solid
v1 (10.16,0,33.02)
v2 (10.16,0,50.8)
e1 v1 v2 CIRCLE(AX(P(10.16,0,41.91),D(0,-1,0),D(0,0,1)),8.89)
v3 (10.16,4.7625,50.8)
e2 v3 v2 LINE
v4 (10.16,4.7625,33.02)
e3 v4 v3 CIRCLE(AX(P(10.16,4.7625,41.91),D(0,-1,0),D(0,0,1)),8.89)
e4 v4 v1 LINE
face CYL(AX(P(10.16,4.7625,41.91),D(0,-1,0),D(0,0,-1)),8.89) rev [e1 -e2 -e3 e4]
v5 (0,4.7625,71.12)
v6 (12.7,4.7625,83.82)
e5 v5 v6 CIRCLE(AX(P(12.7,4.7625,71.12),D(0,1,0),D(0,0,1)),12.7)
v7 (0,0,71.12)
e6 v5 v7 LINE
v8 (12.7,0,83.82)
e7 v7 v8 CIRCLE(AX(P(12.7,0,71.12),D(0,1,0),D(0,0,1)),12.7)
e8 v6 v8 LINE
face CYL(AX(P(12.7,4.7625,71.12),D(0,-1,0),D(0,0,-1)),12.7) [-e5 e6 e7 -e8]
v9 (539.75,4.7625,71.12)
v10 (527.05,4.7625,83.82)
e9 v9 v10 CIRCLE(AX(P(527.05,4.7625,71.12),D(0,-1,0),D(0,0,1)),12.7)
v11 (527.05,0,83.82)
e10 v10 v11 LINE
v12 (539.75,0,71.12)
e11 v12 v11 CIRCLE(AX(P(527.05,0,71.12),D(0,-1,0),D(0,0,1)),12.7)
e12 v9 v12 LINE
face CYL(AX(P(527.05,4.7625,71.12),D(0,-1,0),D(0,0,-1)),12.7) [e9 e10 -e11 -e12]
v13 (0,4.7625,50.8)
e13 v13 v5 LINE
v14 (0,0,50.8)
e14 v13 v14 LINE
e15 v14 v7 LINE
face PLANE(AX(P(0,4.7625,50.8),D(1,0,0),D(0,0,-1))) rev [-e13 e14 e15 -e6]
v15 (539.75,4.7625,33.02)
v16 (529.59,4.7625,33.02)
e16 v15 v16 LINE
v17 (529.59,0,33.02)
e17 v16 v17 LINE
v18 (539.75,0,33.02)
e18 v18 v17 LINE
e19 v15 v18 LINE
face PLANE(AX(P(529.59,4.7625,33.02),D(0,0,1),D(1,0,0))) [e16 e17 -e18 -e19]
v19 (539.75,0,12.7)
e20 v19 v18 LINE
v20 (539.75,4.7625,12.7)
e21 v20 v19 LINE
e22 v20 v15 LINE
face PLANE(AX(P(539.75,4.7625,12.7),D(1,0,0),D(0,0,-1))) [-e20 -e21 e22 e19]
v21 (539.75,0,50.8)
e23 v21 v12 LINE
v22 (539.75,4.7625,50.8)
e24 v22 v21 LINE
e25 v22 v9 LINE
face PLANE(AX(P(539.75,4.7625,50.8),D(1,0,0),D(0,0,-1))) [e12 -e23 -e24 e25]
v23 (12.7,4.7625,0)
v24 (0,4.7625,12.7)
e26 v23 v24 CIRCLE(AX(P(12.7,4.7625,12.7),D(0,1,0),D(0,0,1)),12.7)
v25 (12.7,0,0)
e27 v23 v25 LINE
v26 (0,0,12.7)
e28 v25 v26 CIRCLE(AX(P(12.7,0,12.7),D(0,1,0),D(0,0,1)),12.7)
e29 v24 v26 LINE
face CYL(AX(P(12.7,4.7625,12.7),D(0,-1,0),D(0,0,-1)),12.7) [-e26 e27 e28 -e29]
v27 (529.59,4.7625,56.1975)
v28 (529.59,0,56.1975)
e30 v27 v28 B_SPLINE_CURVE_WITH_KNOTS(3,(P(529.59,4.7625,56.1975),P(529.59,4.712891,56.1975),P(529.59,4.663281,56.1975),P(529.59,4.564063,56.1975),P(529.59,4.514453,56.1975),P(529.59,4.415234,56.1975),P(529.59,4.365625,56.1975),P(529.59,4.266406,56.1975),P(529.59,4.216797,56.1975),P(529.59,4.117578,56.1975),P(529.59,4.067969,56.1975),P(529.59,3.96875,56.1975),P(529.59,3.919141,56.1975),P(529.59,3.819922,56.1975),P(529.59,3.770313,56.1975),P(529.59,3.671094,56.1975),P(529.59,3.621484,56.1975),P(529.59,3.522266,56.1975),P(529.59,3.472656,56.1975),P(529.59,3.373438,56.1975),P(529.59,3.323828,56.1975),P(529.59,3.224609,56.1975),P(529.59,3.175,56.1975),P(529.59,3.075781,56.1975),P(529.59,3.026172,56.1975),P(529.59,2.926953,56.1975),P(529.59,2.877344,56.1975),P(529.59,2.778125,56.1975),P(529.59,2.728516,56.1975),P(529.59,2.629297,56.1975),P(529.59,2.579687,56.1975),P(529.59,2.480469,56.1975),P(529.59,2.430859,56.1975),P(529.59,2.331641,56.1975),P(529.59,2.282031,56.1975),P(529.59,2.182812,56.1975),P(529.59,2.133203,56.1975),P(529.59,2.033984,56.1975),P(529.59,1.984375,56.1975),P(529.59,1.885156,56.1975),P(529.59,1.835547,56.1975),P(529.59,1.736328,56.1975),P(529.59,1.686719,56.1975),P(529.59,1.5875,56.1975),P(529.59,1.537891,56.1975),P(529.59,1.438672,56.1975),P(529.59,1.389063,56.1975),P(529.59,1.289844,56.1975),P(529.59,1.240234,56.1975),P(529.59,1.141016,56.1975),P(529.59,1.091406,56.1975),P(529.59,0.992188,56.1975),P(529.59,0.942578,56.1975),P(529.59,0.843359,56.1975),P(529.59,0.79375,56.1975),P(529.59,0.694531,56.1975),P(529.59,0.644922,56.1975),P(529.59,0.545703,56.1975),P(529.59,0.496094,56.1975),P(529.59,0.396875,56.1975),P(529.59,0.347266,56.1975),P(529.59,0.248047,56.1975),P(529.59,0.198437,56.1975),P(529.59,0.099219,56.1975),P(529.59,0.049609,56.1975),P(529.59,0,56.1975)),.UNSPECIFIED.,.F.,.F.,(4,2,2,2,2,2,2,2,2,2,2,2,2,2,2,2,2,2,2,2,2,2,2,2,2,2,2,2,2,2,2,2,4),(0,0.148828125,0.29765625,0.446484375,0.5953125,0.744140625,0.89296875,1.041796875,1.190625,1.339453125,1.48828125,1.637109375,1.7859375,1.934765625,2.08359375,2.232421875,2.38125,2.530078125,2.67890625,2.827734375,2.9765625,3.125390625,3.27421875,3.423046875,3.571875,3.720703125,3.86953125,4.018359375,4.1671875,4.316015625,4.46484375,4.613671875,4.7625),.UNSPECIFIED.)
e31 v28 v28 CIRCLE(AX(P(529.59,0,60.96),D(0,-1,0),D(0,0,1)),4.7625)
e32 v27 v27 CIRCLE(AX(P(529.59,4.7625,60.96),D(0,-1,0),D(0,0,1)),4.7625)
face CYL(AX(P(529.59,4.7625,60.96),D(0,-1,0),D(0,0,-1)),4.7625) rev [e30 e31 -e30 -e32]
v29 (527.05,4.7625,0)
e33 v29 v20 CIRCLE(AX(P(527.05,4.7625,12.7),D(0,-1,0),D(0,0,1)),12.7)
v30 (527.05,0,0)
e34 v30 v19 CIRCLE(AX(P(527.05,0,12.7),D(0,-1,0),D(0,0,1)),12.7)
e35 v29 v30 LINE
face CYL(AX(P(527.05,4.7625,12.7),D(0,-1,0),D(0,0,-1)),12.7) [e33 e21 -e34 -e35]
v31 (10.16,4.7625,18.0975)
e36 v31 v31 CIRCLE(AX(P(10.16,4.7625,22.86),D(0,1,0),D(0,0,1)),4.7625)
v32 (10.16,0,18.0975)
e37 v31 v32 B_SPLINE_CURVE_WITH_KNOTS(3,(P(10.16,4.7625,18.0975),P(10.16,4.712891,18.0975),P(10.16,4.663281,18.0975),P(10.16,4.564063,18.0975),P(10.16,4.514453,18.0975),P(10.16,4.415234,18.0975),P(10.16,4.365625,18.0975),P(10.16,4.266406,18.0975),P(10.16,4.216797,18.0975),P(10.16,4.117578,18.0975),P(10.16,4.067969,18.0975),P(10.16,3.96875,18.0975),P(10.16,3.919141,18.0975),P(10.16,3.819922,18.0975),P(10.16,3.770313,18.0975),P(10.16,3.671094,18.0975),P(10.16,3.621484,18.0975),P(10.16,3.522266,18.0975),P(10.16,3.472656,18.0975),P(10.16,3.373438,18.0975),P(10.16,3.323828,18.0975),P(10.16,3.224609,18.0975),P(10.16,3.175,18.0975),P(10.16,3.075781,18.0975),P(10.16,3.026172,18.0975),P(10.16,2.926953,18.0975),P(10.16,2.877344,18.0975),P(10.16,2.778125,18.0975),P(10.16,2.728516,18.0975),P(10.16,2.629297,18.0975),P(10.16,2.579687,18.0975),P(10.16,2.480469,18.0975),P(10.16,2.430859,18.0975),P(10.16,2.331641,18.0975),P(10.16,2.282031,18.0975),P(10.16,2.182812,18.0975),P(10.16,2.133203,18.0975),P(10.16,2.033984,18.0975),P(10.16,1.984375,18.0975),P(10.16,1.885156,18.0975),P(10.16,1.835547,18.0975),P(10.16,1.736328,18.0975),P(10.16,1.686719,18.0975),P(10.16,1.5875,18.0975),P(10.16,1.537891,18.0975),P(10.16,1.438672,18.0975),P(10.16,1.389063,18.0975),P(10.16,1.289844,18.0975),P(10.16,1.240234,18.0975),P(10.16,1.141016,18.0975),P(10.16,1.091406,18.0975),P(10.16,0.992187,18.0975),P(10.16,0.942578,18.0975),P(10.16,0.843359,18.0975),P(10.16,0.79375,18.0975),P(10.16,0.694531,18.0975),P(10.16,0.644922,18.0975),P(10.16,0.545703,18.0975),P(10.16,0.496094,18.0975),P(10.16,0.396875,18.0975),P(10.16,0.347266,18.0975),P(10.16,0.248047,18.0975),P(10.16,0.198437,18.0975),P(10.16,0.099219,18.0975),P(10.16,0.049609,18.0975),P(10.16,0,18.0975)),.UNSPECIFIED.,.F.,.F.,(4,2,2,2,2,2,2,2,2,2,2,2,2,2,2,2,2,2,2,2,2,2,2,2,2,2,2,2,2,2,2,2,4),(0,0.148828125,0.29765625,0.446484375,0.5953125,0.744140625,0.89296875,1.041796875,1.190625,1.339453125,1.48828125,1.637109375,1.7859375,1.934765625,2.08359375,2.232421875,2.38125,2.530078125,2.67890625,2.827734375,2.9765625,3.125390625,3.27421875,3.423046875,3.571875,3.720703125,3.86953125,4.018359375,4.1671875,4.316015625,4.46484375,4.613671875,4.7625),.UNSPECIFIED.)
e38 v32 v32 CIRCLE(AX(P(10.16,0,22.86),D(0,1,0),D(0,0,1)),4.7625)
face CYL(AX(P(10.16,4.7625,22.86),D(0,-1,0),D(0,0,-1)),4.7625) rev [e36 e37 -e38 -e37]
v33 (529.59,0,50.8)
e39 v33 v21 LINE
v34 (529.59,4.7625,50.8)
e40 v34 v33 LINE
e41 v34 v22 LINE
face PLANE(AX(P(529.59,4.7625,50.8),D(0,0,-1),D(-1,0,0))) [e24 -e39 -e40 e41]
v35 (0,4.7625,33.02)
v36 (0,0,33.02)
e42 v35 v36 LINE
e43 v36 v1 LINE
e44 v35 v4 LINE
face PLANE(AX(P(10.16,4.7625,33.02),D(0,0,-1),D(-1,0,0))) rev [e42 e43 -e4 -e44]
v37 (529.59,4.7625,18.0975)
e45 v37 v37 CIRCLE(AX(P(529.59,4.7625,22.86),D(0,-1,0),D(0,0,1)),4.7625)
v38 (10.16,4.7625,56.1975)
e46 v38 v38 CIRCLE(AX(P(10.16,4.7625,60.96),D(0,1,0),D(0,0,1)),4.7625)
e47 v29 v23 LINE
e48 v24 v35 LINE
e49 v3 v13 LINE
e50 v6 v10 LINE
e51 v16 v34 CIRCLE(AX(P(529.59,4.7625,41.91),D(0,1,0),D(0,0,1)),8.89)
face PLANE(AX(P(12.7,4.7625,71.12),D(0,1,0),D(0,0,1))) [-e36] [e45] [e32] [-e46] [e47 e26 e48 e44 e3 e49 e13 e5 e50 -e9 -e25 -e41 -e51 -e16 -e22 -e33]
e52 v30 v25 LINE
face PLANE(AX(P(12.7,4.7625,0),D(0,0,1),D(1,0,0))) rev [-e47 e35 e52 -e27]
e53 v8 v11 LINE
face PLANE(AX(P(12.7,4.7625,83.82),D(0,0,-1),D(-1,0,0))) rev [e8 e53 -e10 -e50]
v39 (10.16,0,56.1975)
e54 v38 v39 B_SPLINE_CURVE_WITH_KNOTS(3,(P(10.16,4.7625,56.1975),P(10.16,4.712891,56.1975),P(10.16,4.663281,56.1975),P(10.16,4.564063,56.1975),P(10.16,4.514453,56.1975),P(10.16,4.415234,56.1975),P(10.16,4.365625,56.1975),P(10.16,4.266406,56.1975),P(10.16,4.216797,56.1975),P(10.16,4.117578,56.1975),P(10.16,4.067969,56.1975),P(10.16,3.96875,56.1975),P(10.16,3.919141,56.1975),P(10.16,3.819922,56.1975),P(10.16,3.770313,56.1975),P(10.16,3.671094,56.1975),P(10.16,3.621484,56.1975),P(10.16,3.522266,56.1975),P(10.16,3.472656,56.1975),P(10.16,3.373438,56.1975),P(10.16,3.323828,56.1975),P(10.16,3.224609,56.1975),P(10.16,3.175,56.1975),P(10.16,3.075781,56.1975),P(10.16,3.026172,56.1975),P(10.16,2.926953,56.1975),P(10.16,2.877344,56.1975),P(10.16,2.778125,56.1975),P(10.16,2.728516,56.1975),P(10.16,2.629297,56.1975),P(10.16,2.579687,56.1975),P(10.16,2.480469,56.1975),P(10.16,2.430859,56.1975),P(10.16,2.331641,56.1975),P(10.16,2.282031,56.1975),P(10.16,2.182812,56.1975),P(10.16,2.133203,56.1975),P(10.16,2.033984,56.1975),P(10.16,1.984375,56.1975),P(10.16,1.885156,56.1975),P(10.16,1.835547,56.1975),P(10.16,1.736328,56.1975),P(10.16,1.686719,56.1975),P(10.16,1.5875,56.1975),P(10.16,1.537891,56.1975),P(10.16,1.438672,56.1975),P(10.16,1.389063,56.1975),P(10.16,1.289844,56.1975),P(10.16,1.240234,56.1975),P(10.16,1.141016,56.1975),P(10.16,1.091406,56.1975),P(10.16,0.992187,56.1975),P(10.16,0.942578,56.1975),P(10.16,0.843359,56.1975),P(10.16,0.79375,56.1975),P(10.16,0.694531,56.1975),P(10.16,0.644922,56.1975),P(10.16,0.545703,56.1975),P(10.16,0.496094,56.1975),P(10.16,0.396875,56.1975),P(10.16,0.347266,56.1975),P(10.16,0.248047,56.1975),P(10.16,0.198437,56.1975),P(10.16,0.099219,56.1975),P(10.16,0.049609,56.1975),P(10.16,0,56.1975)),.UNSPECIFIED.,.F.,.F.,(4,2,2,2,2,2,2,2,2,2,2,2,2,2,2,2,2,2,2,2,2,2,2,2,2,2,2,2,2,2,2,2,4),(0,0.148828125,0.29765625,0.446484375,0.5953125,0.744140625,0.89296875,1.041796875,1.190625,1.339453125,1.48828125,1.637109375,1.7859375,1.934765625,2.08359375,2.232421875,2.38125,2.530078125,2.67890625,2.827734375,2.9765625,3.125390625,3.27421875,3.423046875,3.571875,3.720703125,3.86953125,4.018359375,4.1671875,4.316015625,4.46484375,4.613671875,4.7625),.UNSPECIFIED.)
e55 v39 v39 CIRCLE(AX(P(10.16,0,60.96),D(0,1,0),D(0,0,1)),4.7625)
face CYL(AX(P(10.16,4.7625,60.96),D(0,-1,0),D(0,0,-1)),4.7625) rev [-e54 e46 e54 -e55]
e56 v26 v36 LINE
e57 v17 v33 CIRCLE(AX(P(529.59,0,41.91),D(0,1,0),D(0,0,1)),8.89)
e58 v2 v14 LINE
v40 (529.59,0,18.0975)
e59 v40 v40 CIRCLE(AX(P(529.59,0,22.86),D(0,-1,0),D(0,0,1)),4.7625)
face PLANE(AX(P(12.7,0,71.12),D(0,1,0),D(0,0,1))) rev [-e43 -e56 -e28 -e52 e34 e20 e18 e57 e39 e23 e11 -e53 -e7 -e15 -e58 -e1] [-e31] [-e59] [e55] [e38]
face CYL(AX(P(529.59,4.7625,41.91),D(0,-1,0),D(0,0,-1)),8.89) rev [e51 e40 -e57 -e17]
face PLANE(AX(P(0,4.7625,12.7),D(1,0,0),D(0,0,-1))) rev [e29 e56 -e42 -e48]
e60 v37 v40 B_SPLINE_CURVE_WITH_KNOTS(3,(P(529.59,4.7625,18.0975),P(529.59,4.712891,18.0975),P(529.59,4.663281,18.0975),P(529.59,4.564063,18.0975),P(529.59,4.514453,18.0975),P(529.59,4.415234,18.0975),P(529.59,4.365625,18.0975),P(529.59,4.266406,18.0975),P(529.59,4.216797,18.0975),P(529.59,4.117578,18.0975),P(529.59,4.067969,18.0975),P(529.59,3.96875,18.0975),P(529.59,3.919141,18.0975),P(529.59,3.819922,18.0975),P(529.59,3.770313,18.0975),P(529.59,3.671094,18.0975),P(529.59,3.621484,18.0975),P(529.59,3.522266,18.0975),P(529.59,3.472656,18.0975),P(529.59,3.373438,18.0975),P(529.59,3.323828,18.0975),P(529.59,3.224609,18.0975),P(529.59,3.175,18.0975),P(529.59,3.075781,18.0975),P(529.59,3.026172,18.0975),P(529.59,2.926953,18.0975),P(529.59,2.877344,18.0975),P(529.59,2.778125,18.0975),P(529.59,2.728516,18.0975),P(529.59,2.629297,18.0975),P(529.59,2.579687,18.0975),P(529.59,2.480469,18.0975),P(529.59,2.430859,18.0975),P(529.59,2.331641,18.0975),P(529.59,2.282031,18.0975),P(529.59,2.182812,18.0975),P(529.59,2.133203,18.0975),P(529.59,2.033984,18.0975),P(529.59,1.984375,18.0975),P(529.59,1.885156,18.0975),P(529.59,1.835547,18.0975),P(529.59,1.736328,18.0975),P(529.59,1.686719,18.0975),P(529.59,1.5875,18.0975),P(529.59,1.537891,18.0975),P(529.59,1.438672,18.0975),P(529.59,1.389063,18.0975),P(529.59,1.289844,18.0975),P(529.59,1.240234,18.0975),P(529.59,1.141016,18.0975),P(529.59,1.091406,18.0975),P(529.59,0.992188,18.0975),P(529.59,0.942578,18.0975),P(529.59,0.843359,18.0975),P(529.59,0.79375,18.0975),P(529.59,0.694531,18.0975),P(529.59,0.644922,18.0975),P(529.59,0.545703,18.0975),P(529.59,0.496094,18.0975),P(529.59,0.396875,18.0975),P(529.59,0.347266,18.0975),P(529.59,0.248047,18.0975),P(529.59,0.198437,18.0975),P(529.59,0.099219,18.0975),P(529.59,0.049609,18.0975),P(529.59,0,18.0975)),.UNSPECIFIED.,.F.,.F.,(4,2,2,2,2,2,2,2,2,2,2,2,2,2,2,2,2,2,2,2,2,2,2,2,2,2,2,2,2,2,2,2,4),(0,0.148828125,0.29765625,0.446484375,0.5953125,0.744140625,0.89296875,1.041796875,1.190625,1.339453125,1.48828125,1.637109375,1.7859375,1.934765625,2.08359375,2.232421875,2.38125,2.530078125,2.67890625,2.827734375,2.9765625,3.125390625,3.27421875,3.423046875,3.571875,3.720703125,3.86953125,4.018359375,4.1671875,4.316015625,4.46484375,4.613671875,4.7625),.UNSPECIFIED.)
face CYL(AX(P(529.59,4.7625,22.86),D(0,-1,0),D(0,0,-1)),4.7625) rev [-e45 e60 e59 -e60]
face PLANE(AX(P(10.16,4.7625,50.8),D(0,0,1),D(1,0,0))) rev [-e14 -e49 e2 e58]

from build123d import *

# Parameters (mm, degrees)
SKETCH1_R           = 4.7625
BOSS_EXTRUDE1_DEPTH = 4.7625


with BuildPart() as part:
    # Sketch1 → Boss-Extrude1 (new body)
    with BuildSketch(Plane(origin=(0, 0, 0), x_dir=(1, 0, 0), z_dir=(0, 1, 0))):
        with BuildLine():
            Line((12.7, 0), (269.875, 0))
            Line((269.875, 0), (269.875, -83.82))
            Line((269.875, -83.82), (12.7, -83.82))
            ThreePointArc((12.7, -83.82), (3.719743879, -80.100256121), (0, -71.12))
            Line((0, -71.12), (0, -50.8))
            Line((0, -50.8), (10.16, -50.8))
            ThreePointArc((10.16, -50.8), (19.05, -41.91), (10.16, -33.02))
            Line((10.16, -33.02), (0, -33.02))
            Line((0, -33.02), (0, -12.7))
            ThreePointArc((0, -12.7), (3.719743879, -3.719743879), (12.7, 0))
        make_face()
        with Locations(Location((10.16, -60.96, 0), (0, 0, 90))):
            Circle(SKETCH1_R, mode=Mode.SUBTRACT)
        with Locations(Location((10.16, -22.86, 0), (0, 0, 90))):
            Circle(SKETCH1_R, mode=Mode.SUBTRACT)
    boss_extrude1 = extrude(amount=BOSS_EXTRUDE1_DEPTH)

    # Mirror1: Boss-Extrude1 across plane
    add(boss_extrude1.mirror(Plane(origin=(269.875, 4.7625, 0), x_dir=(0, 0, 1), z_dir=(-1, 0, 0))))


solid = part.part
